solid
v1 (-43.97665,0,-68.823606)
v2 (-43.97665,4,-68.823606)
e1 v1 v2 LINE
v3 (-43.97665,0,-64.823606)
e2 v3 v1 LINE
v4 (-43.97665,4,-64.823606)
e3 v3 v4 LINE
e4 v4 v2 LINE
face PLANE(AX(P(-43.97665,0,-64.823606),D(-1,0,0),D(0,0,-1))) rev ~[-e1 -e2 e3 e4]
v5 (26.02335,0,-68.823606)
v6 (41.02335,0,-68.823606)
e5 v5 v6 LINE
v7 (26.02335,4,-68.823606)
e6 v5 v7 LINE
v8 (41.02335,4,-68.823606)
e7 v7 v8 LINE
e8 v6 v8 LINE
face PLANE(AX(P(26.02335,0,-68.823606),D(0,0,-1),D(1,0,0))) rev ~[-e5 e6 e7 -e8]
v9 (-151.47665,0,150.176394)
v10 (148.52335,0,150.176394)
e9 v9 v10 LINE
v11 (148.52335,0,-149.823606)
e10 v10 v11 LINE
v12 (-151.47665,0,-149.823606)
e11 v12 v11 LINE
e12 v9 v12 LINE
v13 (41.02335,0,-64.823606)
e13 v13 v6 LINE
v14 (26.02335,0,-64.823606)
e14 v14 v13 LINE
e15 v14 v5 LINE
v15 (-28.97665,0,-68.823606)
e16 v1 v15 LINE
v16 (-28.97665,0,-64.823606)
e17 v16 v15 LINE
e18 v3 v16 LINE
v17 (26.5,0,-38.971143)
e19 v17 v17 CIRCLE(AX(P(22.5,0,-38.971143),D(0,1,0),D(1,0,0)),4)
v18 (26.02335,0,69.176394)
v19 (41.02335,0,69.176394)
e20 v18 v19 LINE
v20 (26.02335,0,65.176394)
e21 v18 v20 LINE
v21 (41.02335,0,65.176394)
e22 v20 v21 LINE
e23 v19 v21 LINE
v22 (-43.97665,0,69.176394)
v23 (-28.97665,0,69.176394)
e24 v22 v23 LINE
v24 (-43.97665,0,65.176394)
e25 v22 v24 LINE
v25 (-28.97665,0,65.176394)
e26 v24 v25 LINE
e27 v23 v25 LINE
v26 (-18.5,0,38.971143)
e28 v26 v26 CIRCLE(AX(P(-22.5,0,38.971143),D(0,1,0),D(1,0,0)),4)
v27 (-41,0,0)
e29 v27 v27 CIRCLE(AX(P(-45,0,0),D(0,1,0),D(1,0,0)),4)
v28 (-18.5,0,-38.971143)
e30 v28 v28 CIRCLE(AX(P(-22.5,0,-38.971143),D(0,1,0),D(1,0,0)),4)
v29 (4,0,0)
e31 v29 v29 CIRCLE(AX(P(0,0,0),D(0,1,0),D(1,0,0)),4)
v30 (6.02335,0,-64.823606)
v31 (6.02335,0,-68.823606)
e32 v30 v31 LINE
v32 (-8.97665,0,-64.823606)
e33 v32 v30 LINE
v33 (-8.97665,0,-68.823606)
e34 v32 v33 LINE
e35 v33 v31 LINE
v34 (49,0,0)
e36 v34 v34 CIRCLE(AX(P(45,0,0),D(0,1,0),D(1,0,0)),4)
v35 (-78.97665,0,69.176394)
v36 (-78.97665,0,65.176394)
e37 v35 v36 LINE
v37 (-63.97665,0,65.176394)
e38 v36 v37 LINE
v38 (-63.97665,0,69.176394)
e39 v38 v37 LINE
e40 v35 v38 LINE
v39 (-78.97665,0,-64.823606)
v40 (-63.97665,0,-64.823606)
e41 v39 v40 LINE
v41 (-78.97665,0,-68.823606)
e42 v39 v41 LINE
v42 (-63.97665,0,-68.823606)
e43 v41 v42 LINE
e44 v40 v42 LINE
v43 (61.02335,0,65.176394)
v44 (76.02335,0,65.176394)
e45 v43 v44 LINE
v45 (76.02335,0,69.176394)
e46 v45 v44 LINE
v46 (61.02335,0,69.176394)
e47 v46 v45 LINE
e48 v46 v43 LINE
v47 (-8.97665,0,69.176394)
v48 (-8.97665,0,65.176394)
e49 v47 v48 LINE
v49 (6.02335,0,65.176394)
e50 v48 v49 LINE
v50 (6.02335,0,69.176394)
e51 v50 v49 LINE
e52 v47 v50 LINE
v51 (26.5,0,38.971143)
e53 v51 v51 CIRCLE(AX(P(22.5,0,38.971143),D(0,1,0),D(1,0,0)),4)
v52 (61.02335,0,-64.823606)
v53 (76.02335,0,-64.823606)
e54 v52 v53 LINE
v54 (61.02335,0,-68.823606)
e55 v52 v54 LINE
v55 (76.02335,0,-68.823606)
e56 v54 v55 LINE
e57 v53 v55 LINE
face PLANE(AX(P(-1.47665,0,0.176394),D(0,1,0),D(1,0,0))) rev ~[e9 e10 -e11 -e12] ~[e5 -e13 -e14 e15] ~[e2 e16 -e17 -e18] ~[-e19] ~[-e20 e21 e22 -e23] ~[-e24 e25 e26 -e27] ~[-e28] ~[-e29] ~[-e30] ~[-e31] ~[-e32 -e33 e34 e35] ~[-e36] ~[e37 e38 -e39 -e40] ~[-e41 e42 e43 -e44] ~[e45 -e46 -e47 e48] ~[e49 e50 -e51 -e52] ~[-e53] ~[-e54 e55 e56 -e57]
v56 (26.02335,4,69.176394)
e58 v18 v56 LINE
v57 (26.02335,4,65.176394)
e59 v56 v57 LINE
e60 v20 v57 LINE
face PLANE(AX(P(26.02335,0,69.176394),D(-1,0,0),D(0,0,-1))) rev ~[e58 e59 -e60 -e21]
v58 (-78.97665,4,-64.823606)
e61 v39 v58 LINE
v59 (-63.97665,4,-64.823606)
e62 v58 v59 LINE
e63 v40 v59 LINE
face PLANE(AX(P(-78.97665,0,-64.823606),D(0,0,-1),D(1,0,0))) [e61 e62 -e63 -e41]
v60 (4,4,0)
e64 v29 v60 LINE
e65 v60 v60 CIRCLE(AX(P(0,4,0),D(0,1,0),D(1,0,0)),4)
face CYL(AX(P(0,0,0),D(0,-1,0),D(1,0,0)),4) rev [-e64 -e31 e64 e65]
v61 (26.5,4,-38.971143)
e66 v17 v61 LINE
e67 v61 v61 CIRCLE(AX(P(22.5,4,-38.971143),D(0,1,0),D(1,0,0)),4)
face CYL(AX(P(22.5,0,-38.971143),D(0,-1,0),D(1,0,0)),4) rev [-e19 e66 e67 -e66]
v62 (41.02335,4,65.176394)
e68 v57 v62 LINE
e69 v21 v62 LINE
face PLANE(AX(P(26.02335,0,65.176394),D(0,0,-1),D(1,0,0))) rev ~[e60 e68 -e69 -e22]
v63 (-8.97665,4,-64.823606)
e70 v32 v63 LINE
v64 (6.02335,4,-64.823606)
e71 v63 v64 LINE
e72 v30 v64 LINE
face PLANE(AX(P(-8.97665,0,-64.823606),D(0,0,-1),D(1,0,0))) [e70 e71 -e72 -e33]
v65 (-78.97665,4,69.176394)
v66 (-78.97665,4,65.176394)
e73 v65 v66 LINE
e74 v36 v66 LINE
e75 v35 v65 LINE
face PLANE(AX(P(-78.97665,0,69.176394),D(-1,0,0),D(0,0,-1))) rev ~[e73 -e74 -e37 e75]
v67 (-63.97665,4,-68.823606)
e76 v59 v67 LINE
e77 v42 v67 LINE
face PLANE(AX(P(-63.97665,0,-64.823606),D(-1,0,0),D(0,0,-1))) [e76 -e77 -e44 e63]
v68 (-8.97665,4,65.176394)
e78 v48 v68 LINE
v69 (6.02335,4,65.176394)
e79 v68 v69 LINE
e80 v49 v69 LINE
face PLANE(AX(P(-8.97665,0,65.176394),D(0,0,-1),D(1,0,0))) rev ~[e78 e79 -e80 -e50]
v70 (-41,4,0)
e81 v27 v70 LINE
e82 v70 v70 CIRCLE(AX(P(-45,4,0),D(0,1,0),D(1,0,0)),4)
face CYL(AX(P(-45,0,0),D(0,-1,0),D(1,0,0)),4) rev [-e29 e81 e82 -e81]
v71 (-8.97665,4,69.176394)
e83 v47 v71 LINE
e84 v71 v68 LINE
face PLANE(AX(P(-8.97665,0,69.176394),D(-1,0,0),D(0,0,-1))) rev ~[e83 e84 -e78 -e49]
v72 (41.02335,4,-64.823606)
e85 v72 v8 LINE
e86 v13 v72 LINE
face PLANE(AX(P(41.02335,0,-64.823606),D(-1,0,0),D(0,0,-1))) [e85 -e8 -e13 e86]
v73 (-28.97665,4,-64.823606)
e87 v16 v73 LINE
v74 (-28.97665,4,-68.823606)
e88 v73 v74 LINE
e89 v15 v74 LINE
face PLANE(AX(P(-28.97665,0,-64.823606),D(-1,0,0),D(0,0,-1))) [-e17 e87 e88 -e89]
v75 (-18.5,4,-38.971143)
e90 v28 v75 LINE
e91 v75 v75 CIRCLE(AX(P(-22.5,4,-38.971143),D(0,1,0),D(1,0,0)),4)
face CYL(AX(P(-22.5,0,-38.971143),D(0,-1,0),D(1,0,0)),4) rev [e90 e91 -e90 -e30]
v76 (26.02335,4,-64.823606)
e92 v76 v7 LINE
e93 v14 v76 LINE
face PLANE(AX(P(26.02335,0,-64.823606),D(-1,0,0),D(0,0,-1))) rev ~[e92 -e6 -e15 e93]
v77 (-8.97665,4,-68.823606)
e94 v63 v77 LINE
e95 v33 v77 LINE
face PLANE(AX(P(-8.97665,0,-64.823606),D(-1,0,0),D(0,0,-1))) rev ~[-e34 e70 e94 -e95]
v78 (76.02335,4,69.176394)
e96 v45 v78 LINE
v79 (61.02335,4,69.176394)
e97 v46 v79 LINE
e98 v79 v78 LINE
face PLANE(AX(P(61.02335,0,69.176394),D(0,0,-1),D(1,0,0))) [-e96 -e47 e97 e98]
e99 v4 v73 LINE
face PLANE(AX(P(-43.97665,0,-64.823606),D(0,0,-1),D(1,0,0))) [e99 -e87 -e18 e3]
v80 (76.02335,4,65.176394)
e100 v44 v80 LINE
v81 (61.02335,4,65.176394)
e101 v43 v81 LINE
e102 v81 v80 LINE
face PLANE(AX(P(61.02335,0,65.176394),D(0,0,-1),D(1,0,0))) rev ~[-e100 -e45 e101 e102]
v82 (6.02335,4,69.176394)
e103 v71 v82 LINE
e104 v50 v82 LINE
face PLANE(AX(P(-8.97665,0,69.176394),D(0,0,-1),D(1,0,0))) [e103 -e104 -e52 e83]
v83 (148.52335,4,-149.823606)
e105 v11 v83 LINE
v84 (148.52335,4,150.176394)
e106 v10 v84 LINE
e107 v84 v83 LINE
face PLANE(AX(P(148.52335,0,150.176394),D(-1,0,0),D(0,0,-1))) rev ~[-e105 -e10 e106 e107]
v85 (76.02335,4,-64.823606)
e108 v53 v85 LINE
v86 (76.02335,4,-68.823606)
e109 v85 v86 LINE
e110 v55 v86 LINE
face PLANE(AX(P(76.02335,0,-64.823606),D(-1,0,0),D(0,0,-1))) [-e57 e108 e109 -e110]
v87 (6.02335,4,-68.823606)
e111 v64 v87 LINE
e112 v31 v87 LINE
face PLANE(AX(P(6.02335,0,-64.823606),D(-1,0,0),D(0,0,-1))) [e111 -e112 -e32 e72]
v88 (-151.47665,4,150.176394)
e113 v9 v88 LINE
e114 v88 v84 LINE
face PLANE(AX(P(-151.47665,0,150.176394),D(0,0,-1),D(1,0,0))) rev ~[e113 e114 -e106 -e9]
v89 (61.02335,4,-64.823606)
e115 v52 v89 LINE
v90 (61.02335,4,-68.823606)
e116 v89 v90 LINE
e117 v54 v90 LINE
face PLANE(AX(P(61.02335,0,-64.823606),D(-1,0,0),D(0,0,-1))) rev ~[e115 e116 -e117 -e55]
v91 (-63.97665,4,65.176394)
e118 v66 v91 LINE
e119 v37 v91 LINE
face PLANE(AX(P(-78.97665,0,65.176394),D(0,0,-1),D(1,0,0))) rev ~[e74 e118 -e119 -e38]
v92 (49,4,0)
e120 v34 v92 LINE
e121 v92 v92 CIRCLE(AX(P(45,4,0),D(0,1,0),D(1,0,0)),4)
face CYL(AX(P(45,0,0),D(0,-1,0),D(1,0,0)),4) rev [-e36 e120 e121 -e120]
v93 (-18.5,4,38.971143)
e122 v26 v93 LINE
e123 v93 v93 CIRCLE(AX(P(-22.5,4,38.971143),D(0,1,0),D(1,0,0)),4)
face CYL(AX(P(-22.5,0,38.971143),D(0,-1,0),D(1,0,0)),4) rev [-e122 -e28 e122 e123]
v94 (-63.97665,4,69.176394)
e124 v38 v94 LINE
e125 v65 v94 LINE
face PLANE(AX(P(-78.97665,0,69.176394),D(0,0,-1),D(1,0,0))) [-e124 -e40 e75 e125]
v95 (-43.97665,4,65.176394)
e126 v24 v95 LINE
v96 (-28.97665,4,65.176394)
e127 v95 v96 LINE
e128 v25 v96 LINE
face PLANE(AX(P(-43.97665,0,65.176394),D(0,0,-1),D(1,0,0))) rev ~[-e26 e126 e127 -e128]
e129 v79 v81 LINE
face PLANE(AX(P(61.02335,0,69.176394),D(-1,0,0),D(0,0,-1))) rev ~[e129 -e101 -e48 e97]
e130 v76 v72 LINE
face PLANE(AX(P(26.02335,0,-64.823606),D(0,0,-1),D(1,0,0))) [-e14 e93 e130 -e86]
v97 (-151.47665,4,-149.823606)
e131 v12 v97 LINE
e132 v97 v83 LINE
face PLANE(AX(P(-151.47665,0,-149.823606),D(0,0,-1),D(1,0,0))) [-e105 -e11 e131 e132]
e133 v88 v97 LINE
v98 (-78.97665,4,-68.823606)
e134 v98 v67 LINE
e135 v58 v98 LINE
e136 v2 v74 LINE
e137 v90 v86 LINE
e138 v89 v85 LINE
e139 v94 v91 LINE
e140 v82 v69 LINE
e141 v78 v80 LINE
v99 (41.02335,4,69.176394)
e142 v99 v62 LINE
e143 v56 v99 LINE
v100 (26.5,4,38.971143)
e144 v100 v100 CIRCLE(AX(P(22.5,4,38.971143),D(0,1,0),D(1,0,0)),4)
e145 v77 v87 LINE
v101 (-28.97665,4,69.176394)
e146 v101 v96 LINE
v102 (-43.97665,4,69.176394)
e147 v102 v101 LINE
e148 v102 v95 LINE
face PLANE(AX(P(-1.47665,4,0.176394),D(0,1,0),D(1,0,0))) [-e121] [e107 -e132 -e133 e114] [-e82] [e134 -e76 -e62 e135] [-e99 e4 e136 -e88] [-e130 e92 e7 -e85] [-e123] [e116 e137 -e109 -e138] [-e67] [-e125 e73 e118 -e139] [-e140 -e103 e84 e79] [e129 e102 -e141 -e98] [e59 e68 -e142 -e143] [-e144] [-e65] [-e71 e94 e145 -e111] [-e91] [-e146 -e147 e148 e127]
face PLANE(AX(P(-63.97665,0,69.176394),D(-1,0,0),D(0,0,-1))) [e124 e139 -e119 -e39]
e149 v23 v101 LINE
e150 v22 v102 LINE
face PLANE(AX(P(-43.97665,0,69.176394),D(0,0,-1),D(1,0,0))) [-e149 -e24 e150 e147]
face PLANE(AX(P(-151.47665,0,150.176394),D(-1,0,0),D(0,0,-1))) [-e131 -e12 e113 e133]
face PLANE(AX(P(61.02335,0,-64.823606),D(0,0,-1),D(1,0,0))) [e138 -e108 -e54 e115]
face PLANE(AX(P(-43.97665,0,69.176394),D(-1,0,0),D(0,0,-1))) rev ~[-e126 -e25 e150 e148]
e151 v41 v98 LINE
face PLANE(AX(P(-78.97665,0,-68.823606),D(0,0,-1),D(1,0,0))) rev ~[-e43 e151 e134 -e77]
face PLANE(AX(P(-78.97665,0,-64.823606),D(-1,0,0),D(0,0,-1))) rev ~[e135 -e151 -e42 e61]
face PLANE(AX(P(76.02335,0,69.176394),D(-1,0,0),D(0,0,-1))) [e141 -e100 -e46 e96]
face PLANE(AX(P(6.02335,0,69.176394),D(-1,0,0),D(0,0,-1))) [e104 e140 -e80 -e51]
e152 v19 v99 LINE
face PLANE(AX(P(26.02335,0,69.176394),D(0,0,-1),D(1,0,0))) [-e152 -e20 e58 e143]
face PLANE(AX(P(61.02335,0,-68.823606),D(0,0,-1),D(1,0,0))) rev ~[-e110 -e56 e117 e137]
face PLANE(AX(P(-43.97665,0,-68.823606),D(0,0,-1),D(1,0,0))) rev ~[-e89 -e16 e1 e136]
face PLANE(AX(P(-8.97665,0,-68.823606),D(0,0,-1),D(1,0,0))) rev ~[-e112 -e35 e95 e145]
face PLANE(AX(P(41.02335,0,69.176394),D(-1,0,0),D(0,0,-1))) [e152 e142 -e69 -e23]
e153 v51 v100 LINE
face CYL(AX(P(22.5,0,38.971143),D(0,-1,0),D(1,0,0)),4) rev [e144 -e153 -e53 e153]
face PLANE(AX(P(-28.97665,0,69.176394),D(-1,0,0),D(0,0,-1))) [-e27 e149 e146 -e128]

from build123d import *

# Parameters (mm, degrees)
SKETCH1_W           = 300
SKETCH1_H           = 300
SKETCH1_R           = 4
SKETCH1_W_2         = 15
SKETCH1_H_2         = 4
BOSS_EXTRUDE1_DEPTH = 4


with BuildPart() as part:
    # Sketch1 → Boss-Extrude1 (new body)
    with BuildSketch(Plane(origin=(0, 0, 0), x_dir=(1, 0, 0), z_dir=(0, 1, 0))):
        with Locations((-1.47665027, -0.17639355)):
            Rectangle(SKETCH1_W, SKETCH1_H)
        with Locations((-1e-09, 3e-09)):
            Circle(SKETCH1_R, mode=Mode.SUBTRACT)
        with Locations((44.999999999, 3e-09)):
            Circle(SKETCH1_R, mode=Mode.SUBTRACT)
        with Locations((22.499999999, 38.971143173)):
            Circle(SKETCH1_R, mode=Mode.SUBTRACT)
        with Locations((-22.500000001, 38.971143173)):
            Circle(SKETCH1_R, mode=Mode.SUBTRACT)
        with Locations((-45.000000001, 3e-09)):
            Circle(SKETCH1_R, mode=Mode.SUBTRACT)
        with Locations((-22.500000001, -38.971143168)):
            Circle(SKETCH1_R, mode=Mode.SUBTRACT)
        with Locations((22.499999999, -38.971143168)):
            Circle(SKETCH1_R, mode=Mode.SUBTRACT)
        with Locations((-71.47665027, 66.82360645)):
            Rectangle(SKETCH1_W_2, SKETCH1_H_2, mode=Mode.SUBTRACT)
        with Locations((-36.47665027, 66.82360645)):
            Rectangle(SKETCH1_W_2, SKETCH1_H_2, mode=Mode.SUBTRACT)
        with Locations((-1.47665027, 66.82360645)):
            Rectangle(SKETCH1_W_2, SKETCH1_H_2, mode=Mode.SUBTRACT)
        with Locations((33.52334973, 66.82360645)):
            Rectangle(SKETCH1_W_2, SKETCH1_H_2, mode=Mode.SUBTRACT)
        with Locations((68.52334973, 66.82360645)):
            Rectangle(SKETCH1_W_2, SKETCH1_H_2, mode=Mode.SUBTRACT)
        with Locations((68.52334973, -67.17639355)):
            Rectangle(SKETCH1_W_2, SKETCH1_H_2, mode=Mode.SUBTRACT)
        with Locations((33.52334973, -67.17639355)):
            Rectangle(SKETCH1_W_2, SKETCH1_H_2, mode=Mode.SUBTRACT)
        with Locations((-1.47665027, -67.17639355)):
            Rectangle(SKETCH1_W_2, SKETCH1_H_2, mode=Mode.SUBTRACT)
        with Locations((-36.47665027, -67.17639355)):
            Rectangle(SKETCH1_W_2, SKETCH1_H_2, mode=Mode.SUBTRACT)
        with Locations((-71.47665027, -67.17639355)):
            Rectangle(SKETCH1_W_2, SKETCH1_H_2, mode=Mode.SUBTRACT)
    extrude(amount=BOSS_EXTRUDE1_DEPTH)


solid = part.part
